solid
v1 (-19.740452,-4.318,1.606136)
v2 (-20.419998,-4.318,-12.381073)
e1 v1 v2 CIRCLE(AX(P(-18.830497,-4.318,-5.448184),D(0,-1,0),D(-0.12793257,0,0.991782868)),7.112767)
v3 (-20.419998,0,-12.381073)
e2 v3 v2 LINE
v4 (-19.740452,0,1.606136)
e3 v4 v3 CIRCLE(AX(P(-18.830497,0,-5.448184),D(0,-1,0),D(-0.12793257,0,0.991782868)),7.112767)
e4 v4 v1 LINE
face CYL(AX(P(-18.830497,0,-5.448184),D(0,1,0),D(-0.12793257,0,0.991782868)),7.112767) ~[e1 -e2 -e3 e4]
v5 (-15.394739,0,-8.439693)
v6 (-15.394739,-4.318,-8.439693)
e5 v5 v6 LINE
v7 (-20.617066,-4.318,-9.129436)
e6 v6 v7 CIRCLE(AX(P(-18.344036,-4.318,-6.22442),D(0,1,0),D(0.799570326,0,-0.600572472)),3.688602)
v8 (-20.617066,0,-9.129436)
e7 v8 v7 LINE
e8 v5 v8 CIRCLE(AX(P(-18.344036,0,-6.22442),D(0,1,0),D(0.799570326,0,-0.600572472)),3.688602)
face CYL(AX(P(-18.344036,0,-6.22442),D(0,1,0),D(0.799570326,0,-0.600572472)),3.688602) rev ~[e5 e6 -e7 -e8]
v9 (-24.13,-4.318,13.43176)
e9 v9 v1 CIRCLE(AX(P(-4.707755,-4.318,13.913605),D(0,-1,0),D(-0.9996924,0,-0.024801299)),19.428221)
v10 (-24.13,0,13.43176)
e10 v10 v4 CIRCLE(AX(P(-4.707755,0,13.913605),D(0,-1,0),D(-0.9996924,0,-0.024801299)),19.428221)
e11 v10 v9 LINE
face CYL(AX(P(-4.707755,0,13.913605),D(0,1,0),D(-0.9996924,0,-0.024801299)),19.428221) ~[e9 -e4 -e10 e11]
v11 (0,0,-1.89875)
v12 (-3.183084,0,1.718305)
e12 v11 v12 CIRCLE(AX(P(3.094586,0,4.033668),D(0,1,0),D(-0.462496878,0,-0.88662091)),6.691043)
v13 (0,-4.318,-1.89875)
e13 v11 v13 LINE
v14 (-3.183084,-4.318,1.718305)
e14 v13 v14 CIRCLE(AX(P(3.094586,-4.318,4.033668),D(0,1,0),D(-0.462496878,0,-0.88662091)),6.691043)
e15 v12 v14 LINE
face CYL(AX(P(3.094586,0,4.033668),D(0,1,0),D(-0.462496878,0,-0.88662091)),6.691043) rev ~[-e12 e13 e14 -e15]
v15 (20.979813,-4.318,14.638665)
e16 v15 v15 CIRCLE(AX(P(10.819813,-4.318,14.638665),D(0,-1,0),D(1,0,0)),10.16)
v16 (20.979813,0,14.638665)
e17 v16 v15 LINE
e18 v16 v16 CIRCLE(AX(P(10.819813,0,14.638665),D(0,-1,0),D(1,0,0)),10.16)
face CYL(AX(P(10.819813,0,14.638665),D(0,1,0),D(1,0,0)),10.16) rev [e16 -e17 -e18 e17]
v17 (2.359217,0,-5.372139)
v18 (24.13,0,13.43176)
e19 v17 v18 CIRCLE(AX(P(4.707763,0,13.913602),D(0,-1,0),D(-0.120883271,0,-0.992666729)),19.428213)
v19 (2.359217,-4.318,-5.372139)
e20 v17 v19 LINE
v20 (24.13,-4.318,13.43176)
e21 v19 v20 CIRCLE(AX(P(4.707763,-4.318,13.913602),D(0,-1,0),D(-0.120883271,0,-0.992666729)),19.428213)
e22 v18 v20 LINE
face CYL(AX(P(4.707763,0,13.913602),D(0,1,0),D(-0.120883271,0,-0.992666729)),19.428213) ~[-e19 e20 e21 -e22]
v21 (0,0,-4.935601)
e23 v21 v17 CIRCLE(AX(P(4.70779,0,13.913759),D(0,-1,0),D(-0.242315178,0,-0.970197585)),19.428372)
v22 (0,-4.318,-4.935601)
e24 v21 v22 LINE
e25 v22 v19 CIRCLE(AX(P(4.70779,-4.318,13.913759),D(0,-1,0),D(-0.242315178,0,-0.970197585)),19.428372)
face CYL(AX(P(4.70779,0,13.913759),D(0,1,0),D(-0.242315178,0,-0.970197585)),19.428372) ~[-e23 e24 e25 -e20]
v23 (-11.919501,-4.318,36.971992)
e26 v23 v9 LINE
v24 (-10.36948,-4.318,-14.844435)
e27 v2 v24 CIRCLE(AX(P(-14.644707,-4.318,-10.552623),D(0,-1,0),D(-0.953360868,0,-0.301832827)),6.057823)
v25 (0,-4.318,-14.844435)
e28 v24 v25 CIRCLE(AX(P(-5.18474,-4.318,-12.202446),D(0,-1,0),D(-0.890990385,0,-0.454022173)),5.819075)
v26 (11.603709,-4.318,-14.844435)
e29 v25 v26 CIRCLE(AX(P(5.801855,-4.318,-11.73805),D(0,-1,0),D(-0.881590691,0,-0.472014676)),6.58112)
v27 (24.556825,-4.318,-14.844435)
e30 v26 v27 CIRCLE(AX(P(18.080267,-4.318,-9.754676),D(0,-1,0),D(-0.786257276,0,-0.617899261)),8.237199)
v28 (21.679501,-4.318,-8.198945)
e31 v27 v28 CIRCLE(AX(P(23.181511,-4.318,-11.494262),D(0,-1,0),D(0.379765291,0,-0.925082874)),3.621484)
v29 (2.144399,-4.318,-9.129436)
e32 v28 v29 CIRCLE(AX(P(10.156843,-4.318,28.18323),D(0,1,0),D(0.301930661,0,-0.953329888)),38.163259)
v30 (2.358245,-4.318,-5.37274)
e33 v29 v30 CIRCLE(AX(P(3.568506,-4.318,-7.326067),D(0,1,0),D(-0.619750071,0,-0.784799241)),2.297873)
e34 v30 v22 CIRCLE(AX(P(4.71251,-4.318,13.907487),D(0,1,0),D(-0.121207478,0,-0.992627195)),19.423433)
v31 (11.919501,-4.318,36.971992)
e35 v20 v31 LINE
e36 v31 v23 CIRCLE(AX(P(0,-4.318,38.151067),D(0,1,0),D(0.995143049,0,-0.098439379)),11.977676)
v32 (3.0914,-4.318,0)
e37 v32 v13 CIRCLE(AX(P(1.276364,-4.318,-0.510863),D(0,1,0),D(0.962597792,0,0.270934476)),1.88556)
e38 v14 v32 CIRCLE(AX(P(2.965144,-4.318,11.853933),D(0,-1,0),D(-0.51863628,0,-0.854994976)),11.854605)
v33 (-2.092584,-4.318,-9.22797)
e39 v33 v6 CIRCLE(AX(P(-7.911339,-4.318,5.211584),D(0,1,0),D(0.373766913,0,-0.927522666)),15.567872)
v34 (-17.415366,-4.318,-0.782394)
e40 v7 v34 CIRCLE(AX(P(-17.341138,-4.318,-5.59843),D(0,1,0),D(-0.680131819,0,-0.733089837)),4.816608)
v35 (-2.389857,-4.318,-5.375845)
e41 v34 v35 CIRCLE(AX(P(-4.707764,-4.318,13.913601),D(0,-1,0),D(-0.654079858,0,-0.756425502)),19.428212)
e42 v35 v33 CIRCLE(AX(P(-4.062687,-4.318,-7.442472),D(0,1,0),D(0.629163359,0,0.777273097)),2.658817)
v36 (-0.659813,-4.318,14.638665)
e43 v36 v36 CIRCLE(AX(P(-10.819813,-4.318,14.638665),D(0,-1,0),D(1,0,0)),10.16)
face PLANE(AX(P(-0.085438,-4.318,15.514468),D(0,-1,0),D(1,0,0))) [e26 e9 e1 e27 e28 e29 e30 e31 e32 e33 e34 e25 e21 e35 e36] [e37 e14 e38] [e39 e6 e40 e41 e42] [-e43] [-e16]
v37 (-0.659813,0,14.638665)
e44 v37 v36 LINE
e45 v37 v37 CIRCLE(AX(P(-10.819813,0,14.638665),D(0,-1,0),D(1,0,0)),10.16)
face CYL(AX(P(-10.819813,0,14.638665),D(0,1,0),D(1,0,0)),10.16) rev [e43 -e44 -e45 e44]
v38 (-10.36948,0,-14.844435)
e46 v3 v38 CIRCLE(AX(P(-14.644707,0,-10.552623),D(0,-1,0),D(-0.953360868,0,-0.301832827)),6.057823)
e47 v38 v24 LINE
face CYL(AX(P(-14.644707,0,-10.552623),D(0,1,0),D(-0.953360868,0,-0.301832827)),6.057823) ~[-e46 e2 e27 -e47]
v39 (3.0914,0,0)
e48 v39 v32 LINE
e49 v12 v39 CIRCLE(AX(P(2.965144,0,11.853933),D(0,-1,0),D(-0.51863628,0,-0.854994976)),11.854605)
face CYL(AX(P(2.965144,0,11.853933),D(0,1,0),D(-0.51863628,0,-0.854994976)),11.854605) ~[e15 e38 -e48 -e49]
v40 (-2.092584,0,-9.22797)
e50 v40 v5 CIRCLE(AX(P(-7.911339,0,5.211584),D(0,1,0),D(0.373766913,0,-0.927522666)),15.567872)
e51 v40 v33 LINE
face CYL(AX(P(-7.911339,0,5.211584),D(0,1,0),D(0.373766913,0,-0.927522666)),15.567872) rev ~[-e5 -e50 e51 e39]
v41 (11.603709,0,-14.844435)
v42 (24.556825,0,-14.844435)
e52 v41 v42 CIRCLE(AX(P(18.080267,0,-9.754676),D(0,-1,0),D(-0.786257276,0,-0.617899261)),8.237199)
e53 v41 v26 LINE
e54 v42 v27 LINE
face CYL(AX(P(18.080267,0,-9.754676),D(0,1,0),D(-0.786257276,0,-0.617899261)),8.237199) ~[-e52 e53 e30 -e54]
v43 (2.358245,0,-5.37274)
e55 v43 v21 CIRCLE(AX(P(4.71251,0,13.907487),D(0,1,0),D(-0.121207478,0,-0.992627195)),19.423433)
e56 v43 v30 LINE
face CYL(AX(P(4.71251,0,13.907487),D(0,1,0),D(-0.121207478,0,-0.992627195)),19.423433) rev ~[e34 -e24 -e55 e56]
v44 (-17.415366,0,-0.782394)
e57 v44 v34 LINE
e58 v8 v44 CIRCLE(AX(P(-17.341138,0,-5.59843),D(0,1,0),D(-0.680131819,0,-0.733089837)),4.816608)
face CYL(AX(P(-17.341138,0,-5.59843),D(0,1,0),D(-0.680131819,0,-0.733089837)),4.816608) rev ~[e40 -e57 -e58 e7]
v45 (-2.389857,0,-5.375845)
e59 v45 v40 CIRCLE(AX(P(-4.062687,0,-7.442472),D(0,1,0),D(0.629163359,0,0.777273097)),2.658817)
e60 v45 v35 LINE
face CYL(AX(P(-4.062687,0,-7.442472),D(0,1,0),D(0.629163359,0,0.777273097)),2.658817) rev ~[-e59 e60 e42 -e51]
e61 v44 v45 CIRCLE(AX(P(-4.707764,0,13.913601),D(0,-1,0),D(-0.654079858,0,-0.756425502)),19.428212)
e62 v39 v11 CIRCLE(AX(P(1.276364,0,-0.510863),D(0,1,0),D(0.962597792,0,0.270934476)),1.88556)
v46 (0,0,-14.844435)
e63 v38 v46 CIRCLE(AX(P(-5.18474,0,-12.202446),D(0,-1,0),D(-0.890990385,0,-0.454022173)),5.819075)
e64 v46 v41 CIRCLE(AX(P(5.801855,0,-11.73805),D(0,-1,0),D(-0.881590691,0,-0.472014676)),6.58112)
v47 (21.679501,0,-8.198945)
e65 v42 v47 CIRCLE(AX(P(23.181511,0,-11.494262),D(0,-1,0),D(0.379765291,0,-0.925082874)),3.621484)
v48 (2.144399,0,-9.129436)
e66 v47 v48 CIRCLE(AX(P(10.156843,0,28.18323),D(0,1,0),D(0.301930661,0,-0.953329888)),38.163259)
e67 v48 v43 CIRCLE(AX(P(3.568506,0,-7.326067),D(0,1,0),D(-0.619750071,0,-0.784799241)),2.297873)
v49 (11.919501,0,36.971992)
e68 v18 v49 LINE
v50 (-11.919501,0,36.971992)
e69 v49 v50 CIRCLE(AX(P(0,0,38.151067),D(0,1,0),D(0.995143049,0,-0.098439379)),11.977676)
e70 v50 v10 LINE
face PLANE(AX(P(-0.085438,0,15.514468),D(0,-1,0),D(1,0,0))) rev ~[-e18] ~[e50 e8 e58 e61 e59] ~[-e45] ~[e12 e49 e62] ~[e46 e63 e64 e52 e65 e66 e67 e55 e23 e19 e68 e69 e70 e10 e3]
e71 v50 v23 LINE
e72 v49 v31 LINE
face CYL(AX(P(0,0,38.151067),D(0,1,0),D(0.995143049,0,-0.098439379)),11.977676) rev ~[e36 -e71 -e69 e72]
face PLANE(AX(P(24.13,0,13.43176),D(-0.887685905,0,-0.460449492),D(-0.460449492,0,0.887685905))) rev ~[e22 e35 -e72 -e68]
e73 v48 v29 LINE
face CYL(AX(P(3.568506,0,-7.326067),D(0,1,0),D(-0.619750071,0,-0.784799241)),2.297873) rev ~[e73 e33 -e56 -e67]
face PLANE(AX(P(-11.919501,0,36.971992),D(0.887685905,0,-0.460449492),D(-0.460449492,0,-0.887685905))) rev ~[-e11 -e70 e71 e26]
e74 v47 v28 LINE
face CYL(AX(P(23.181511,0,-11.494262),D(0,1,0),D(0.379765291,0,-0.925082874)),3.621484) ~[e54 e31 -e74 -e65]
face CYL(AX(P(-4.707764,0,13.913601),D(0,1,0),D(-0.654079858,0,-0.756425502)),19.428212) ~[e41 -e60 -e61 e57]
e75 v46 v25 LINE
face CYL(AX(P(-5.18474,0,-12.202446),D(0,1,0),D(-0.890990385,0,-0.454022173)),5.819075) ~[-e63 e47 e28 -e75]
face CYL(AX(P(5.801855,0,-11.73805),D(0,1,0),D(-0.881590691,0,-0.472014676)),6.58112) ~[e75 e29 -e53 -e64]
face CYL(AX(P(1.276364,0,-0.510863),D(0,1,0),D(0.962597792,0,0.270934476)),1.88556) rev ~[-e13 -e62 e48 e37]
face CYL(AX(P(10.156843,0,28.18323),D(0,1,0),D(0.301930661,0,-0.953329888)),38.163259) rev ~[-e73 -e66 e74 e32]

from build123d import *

# Parameters (mm, degrees)
F0_R     = 10.16
F1_DEPTH = 4.318


with BuildPart() as f1:
    # F0 (on Front) → F1 (new body)
    with BuildSketch(Plane.XZ):
        with BuildLine():
            ThreePointArc((11.919501, 36.971992), (0, 26.173391), (-11.919501, 36.971992))
            Line((-11.919501, 36.971992), (-24.13, 13.43176))
            ThreePointArc((-24.13, 13.43176), (-22.921681, 7.152786), (-19.740452, 1.606136))
            ThreePointArc((-19.740452, 1.606136), (-18.629229, 0.361914), (-17.415366, -0.782394))
            ThreePointArc((-17.415366, -0.782394), (-10.387675, -4.665797), (-2.389857, -5.375845))
            ThreePointArc((-2.389857, -5.375845), (-1.188038, -5.193125), (0, -4.935601))
            ThreePointArc((0, -4.935601), (1.172863, -5.190323), (2.359217, -5.372139))
            ThreePointArc((2.359217, -5.372139), (17.407148, -0.789496), (24.13, 13.43176))
            Line((24.13, 13.43176), (11.919501, 36.971992))
        make_face()
        with BuildLine():
            ThreePointArc((3.0914, 0), (2.263205, -2.117562), (0, -1.89875))
            ThreePointArc((0, -1.89875), (-1.928418, -0.38668), (-3.183084, 1.718305))
            ThreePointArc((-3.183084, 1.718305), (-0.166019, 0.420321), (3.0914, 0))
        make_face(mode=Mode.SUBTRACT)
        with Locations((-10.819813, 14.638665)):
            Circle(F0_R, mode=Mode.SUBTRACT)
        with Locations((10.819813, 14.638665)):
            Circle(F0_R, mode=Mode.SUBTRACT)
        with BuildLine():
            ThreePointArc((-17.415366, -0.782394), (-18.629229, 0.361914), (-19.740452, 1.606136))
            ThreePointArc((-19.740452, 1.606136), (-25.934885, -5.103029), (-20.419998, -12.381073))
            ThreePointArc((-20.419998, -12.381073), (-16.086784, -16.436298), (-10.36948, -14.844435))
            ThreePointArc((-10.36948, -14.844435), (-5.18474, -18.021521), (0, -14.844435))
            ThreePointArc((0, -14.844435), (5.801855, -18.31917), (11.603709, -14.844435))
            ThreePointArc((11.603709, -14.844435), (18.080267, -17.991875), (24.556825, -14.844435))
            ThreePointArc((24.556825, -14.844435), (26.50486, -10.055339), (21.679501, -8.198945))
            ThreePointArc((21.679501, -8.198945), (11.972567, -9.93681), (2.144399, -9.129436))
            ThreePointArc((2.144399, -9.129436), (1.274347, -7.195475), (2.358245, -5.37274))
            ThreePointArc((2.358245, -5.37274), (1.172369, -5.190605), (0, -4.935601))
            ThreePointArc((0, -4.935601), (-1.188038, -5.193125), (-2.389857, -5.375845))
            ThreePointArc((-2.389857, -5.375845), (-1.411752, -7.237897), (-2.092584, -9.22797))
            ThreePointArc((-2.092584, -9.22797), (-8.832266, -10.329025), (-15.394739, -8.439693))
            ThreePointArc((-15.394739, -8.439693), (-17.861055, -9.881265), (-20.617066, -9.129436))
            ThreePointArc((-20.617066, -9.129436), (-21.838266, -3.873452), (-17.415366, -0.782394))
        make_face()
    extrude(amount=F1_DEPTH)


solid = f1.part
